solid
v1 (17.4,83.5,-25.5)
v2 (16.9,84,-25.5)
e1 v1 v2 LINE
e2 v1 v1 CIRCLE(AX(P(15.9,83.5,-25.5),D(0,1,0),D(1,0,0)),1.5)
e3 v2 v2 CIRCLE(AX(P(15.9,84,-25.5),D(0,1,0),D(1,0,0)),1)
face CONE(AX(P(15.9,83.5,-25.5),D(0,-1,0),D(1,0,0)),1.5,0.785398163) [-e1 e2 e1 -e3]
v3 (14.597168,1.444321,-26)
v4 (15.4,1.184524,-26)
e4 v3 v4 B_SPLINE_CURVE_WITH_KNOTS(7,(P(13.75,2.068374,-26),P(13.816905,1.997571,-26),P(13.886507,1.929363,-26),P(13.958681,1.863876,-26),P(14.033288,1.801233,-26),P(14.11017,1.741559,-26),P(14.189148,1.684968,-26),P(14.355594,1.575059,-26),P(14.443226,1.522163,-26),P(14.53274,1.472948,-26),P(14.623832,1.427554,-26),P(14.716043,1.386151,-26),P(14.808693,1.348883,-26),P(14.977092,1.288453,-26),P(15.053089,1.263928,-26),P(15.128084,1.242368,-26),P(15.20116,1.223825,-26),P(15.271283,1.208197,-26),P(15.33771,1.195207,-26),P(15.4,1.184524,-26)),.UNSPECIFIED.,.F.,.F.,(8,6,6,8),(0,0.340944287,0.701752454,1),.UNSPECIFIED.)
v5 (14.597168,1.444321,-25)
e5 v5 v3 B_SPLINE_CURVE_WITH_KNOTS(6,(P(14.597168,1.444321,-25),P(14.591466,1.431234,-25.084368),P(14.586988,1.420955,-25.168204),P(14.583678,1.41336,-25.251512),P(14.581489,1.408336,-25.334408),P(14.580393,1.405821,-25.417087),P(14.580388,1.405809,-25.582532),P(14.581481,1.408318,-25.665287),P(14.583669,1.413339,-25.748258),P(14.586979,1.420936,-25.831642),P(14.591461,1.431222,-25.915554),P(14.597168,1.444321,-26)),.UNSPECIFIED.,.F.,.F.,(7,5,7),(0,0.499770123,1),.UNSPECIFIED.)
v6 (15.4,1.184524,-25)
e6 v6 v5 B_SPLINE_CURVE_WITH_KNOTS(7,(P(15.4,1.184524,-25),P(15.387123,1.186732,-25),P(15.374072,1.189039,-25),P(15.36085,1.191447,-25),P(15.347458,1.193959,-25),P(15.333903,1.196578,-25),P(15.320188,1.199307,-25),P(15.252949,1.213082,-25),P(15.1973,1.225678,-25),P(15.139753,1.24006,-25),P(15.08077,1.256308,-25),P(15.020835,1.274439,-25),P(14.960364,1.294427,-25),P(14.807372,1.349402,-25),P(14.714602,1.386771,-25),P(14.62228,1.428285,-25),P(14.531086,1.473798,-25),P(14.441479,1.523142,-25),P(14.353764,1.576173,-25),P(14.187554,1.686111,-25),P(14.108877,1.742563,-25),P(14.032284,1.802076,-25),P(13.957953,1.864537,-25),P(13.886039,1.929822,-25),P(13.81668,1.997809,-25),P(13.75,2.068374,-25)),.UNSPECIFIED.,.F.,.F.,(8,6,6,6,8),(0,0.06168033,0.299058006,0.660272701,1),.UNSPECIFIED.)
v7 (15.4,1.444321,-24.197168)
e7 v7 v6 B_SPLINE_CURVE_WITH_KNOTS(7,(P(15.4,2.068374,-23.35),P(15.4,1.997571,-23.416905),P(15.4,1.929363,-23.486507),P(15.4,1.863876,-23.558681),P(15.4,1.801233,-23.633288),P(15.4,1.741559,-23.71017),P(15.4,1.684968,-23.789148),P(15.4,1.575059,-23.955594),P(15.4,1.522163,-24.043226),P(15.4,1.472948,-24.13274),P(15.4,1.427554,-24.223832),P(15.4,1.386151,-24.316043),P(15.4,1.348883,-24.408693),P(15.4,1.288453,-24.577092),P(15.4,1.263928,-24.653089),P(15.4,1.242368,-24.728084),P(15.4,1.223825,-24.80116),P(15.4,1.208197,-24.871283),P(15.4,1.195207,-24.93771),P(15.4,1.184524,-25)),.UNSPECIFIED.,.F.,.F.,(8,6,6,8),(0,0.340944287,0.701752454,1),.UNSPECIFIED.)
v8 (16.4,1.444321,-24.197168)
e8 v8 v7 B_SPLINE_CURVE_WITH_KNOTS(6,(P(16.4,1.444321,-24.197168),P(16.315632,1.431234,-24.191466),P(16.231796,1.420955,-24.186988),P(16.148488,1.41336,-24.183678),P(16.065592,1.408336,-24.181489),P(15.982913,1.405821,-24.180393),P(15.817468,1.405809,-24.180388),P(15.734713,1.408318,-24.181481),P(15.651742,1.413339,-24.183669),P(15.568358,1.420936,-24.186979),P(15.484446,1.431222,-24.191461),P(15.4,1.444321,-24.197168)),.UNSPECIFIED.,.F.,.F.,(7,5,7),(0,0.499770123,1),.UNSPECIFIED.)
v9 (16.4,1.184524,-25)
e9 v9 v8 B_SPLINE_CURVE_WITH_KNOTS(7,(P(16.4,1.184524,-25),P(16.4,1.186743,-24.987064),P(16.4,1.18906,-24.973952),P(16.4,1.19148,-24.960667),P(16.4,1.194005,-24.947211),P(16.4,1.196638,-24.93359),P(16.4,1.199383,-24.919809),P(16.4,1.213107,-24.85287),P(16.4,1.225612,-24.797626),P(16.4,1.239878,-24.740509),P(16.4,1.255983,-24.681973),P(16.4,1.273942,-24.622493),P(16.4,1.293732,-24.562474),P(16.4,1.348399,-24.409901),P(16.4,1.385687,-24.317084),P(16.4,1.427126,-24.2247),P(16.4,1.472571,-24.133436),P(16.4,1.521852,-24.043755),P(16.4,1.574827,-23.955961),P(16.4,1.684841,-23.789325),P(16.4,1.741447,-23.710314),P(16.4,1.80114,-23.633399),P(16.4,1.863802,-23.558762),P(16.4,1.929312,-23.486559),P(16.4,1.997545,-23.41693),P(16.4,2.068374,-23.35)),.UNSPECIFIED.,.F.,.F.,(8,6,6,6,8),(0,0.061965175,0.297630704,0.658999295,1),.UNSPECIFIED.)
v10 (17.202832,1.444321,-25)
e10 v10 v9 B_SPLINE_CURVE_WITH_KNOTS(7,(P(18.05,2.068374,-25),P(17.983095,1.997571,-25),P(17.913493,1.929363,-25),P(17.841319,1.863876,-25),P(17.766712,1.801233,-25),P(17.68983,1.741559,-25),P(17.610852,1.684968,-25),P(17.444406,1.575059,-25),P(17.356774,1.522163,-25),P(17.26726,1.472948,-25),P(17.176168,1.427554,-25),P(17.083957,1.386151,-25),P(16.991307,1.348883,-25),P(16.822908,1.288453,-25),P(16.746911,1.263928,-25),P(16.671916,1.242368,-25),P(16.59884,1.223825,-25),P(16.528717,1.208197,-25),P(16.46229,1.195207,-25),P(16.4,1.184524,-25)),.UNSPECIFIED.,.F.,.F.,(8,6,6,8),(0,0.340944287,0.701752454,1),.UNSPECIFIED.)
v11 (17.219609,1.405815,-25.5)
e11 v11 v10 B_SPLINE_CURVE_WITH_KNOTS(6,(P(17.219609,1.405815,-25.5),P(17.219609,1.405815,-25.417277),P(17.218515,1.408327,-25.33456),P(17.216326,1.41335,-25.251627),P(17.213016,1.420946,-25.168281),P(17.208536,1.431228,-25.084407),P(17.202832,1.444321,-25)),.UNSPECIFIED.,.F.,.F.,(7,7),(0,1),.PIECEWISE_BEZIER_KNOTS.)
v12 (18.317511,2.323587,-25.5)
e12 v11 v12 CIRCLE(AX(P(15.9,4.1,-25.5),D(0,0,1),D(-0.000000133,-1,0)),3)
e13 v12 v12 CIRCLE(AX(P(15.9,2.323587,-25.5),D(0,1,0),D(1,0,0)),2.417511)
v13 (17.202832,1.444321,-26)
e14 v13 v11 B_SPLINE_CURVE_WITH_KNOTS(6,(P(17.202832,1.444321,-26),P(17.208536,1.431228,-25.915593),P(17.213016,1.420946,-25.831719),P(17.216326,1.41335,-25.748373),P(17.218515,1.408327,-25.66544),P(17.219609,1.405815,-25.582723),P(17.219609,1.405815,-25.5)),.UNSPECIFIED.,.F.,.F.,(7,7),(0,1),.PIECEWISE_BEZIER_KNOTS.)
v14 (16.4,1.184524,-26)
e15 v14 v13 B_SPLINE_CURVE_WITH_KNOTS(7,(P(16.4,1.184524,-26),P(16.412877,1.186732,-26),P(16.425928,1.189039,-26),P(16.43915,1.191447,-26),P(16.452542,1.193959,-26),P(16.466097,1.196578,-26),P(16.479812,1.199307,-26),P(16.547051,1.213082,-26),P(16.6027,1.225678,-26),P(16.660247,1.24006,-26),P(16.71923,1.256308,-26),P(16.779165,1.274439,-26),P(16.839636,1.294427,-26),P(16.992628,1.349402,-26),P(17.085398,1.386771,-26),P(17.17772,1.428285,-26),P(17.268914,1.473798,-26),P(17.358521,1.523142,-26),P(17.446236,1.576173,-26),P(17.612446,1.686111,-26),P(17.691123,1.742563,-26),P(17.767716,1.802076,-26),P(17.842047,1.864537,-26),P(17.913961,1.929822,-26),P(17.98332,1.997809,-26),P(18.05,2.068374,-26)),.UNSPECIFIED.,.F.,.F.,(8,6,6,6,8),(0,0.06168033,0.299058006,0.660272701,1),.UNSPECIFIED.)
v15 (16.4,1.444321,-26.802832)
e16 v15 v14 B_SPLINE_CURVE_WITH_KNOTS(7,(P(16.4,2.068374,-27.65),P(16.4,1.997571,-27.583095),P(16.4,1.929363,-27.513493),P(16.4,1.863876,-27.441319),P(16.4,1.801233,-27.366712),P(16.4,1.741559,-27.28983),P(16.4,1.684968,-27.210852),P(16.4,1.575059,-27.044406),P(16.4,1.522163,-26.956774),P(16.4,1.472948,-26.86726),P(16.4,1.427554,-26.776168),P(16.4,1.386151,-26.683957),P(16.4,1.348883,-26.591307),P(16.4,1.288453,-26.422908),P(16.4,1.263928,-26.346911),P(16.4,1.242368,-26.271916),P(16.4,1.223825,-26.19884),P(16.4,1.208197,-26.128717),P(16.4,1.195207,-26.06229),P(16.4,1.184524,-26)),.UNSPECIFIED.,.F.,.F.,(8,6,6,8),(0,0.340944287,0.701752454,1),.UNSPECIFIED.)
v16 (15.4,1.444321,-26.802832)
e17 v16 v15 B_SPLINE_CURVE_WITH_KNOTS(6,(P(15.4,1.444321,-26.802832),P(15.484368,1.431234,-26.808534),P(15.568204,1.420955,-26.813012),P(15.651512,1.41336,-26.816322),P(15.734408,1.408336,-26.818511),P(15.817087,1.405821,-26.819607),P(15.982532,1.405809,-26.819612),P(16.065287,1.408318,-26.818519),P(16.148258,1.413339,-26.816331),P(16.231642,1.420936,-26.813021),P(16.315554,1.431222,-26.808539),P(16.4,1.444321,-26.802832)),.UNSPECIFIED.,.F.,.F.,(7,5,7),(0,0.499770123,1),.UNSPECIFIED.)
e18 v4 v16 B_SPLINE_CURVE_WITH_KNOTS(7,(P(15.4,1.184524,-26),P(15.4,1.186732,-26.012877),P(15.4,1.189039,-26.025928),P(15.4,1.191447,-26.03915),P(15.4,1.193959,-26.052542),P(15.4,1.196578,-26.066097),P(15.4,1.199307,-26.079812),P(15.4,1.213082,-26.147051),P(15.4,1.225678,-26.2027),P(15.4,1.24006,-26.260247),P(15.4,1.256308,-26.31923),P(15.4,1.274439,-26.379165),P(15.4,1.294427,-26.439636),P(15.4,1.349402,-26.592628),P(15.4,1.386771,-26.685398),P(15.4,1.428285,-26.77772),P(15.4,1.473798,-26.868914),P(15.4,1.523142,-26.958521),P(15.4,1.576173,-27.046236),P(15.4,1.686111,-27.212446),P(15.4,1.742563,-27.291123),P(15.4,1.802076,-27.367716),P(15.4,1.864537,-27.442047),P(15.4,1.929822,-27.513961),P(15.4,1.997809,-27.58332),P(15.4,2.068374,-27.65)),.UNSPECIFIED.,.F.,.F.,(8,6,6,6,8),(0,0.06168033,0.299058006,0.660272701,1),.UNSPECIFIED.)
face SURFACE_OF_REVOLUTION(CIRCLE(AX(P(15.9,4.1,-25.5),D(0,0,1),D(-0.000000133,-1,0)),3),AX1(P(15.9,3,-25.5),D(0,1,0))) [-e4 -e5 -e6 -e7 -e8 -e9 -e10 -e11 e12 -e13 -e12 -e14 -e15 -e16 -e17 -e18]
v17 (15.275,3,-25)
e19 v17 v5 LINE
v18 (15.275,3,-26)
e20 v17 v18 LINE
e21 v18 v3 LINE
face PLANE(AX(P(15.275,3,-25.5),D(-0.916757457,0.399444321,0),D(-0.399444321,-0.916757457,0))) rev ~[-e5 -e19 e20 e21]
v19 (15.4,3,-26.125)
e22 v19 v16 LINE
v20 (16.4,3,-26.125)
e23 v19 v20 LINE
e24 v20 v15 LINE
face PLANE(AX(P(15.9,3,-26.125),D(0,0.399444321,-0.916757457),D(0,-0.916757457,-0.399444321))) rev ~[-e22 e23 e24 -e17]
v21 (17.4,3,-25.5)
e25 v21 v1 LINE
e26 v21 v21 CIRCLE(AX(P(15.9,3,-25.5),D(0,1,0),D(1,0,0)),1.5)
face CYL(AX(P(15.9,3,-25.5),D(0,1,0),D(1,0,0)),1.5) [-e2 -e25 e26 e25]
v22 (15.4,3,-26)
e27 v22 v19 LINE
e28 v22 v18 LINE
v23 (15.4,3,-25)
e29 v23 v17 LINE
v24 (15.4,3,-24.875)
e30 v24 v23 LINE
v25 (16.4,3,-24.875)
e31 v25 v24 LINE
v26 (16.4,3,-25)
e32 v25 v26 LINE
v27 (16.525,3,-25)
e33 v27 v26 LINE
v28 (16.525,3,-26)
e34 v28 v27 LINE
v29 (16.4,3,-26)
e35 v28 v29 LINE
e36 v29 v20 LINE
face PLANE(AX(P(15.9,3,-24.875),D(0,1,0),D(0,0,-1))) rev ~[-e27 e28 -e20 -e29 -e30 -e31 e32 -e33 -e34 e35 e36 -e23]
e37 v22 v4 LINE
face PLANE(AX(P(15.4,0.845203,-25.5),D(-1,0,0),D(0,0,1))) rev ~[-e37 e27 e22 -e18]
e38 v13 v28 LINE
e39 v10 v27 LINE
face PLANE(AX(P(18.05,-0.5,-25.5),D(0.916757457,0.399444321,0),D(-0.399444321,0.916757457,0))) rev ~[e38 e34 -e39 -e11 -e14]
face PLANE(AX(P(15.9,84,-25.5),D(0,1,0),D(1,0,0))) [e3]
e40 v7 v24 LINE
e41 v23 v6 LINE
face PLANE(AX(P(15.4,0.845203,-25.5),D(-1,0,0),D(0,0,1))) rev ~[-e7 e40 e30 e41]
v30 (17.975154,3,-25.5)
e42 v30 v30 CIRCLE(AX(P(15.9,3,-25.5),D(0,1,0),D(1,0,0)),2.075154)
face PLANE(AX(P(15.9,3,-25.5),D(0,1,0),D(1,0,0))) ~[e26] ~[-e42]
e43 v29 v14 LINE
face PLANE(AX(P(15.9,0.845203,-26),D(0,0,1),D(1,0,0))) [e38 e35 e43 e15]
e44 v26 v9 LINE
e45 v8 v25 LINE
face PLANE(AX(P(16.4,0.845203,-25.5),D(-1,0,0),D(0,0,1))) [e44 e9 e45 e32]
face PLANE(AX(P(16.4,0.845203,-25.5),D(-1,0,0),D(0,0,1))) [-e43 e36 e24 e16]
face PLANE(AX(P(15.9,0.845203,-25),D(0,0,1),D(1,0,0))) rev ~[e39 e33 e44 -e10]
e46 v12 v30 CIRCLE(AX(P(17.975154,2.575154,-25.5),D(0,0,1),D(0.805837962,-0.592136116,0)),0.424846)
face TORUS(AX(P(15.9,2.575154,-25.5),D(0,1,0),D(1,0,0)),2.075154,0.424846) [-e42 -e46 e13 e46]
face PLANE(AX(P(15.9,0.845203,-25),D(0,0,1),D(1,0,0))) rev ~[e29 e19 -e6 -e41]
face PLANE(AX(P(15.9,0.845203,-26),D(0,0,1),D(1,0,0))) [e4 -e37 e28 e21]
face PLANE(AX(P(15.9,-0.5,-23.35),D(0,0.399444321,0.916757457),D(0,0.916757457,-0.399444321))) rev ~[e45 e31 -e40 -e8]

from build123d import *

# Parameters (mm, degrees)
PAD009_DEPTH            = 0.5
BODY005_PLACEMENT_ANGLE = 90
PAD008_DEPTH            = 0.5


with BuildPart() as body005:
    # Sketch021 → Pad009 (new body, symmetric)
    with BuildSketch(Plane.XY):
        Polygon((-2.15, -3.5), (2.15, -3.5), (0.625, 0), (-0.625, 0), align=None)
    extrude(amount=PAD009_DEPTH, both=True)


with BuildPart() as body005_1:
    # Body005 placement: moved
    add(body005.part.rotate(Axis((0, 0, 0), (0, -1, 0)), BODY005_PLACEMENT_ANGLE))


with BuildPart() as fusion:
    # Sketch020 → Pad008 (new body, symmetric)
    with BuildSketch(Plane.XY):
        Polygon((-2.15, -3.5), (2.15, -3.5), (0.625, 0), (-0.625, 0), align=None)
    extrude(amount=PAD008_DEPTH, both=True)

    # Fusion: union Body005
    add(body005_1.part)


with BuildPart() as body008:
    # Sketch019 → Revolution (revolve)
    with BuildSketch(Plane.XY):
        with BuildLine():
            Line((1.5, 0), (1.5, 80.5))
            Line((1.5, 80.5), (1, 81))
            Line((1, 81), (0, 81))
            Line((0, 81), (0, -1.9))
            ThreePointArc((0, -1.9), (1.354762, -1.576681), (2.417511, -0.676413))
            ThreePointArc((2.417511, -0.676413), (2.454213, -0.232991), (2.075154, 0))
            Line((1.5, 0), (2.075154, 0))
        make_face()
    revolve(axis=Axis((0, 0, 0), (0, 1, 0)))

    # Cut: cut Fusion
    add(fusion.part, mode=Mode.SUBTRACT)


with BuildPart() as body008_1:
    # Cut placement: moved
    add(body008.part.moved(Location((-15.9, 3, 25.5))))


with BuildPart() as body008_2:
    # Clone002 placement: moved
    add(body008_1.part.moved(Location((15.9, 0, -25.5))))


with BuildPart() as body008_3:
    # Body008 placement: moved
    add(body008_2.part.moved(Location((15.9, 0, -25.5))))


solid = body008_3.part
